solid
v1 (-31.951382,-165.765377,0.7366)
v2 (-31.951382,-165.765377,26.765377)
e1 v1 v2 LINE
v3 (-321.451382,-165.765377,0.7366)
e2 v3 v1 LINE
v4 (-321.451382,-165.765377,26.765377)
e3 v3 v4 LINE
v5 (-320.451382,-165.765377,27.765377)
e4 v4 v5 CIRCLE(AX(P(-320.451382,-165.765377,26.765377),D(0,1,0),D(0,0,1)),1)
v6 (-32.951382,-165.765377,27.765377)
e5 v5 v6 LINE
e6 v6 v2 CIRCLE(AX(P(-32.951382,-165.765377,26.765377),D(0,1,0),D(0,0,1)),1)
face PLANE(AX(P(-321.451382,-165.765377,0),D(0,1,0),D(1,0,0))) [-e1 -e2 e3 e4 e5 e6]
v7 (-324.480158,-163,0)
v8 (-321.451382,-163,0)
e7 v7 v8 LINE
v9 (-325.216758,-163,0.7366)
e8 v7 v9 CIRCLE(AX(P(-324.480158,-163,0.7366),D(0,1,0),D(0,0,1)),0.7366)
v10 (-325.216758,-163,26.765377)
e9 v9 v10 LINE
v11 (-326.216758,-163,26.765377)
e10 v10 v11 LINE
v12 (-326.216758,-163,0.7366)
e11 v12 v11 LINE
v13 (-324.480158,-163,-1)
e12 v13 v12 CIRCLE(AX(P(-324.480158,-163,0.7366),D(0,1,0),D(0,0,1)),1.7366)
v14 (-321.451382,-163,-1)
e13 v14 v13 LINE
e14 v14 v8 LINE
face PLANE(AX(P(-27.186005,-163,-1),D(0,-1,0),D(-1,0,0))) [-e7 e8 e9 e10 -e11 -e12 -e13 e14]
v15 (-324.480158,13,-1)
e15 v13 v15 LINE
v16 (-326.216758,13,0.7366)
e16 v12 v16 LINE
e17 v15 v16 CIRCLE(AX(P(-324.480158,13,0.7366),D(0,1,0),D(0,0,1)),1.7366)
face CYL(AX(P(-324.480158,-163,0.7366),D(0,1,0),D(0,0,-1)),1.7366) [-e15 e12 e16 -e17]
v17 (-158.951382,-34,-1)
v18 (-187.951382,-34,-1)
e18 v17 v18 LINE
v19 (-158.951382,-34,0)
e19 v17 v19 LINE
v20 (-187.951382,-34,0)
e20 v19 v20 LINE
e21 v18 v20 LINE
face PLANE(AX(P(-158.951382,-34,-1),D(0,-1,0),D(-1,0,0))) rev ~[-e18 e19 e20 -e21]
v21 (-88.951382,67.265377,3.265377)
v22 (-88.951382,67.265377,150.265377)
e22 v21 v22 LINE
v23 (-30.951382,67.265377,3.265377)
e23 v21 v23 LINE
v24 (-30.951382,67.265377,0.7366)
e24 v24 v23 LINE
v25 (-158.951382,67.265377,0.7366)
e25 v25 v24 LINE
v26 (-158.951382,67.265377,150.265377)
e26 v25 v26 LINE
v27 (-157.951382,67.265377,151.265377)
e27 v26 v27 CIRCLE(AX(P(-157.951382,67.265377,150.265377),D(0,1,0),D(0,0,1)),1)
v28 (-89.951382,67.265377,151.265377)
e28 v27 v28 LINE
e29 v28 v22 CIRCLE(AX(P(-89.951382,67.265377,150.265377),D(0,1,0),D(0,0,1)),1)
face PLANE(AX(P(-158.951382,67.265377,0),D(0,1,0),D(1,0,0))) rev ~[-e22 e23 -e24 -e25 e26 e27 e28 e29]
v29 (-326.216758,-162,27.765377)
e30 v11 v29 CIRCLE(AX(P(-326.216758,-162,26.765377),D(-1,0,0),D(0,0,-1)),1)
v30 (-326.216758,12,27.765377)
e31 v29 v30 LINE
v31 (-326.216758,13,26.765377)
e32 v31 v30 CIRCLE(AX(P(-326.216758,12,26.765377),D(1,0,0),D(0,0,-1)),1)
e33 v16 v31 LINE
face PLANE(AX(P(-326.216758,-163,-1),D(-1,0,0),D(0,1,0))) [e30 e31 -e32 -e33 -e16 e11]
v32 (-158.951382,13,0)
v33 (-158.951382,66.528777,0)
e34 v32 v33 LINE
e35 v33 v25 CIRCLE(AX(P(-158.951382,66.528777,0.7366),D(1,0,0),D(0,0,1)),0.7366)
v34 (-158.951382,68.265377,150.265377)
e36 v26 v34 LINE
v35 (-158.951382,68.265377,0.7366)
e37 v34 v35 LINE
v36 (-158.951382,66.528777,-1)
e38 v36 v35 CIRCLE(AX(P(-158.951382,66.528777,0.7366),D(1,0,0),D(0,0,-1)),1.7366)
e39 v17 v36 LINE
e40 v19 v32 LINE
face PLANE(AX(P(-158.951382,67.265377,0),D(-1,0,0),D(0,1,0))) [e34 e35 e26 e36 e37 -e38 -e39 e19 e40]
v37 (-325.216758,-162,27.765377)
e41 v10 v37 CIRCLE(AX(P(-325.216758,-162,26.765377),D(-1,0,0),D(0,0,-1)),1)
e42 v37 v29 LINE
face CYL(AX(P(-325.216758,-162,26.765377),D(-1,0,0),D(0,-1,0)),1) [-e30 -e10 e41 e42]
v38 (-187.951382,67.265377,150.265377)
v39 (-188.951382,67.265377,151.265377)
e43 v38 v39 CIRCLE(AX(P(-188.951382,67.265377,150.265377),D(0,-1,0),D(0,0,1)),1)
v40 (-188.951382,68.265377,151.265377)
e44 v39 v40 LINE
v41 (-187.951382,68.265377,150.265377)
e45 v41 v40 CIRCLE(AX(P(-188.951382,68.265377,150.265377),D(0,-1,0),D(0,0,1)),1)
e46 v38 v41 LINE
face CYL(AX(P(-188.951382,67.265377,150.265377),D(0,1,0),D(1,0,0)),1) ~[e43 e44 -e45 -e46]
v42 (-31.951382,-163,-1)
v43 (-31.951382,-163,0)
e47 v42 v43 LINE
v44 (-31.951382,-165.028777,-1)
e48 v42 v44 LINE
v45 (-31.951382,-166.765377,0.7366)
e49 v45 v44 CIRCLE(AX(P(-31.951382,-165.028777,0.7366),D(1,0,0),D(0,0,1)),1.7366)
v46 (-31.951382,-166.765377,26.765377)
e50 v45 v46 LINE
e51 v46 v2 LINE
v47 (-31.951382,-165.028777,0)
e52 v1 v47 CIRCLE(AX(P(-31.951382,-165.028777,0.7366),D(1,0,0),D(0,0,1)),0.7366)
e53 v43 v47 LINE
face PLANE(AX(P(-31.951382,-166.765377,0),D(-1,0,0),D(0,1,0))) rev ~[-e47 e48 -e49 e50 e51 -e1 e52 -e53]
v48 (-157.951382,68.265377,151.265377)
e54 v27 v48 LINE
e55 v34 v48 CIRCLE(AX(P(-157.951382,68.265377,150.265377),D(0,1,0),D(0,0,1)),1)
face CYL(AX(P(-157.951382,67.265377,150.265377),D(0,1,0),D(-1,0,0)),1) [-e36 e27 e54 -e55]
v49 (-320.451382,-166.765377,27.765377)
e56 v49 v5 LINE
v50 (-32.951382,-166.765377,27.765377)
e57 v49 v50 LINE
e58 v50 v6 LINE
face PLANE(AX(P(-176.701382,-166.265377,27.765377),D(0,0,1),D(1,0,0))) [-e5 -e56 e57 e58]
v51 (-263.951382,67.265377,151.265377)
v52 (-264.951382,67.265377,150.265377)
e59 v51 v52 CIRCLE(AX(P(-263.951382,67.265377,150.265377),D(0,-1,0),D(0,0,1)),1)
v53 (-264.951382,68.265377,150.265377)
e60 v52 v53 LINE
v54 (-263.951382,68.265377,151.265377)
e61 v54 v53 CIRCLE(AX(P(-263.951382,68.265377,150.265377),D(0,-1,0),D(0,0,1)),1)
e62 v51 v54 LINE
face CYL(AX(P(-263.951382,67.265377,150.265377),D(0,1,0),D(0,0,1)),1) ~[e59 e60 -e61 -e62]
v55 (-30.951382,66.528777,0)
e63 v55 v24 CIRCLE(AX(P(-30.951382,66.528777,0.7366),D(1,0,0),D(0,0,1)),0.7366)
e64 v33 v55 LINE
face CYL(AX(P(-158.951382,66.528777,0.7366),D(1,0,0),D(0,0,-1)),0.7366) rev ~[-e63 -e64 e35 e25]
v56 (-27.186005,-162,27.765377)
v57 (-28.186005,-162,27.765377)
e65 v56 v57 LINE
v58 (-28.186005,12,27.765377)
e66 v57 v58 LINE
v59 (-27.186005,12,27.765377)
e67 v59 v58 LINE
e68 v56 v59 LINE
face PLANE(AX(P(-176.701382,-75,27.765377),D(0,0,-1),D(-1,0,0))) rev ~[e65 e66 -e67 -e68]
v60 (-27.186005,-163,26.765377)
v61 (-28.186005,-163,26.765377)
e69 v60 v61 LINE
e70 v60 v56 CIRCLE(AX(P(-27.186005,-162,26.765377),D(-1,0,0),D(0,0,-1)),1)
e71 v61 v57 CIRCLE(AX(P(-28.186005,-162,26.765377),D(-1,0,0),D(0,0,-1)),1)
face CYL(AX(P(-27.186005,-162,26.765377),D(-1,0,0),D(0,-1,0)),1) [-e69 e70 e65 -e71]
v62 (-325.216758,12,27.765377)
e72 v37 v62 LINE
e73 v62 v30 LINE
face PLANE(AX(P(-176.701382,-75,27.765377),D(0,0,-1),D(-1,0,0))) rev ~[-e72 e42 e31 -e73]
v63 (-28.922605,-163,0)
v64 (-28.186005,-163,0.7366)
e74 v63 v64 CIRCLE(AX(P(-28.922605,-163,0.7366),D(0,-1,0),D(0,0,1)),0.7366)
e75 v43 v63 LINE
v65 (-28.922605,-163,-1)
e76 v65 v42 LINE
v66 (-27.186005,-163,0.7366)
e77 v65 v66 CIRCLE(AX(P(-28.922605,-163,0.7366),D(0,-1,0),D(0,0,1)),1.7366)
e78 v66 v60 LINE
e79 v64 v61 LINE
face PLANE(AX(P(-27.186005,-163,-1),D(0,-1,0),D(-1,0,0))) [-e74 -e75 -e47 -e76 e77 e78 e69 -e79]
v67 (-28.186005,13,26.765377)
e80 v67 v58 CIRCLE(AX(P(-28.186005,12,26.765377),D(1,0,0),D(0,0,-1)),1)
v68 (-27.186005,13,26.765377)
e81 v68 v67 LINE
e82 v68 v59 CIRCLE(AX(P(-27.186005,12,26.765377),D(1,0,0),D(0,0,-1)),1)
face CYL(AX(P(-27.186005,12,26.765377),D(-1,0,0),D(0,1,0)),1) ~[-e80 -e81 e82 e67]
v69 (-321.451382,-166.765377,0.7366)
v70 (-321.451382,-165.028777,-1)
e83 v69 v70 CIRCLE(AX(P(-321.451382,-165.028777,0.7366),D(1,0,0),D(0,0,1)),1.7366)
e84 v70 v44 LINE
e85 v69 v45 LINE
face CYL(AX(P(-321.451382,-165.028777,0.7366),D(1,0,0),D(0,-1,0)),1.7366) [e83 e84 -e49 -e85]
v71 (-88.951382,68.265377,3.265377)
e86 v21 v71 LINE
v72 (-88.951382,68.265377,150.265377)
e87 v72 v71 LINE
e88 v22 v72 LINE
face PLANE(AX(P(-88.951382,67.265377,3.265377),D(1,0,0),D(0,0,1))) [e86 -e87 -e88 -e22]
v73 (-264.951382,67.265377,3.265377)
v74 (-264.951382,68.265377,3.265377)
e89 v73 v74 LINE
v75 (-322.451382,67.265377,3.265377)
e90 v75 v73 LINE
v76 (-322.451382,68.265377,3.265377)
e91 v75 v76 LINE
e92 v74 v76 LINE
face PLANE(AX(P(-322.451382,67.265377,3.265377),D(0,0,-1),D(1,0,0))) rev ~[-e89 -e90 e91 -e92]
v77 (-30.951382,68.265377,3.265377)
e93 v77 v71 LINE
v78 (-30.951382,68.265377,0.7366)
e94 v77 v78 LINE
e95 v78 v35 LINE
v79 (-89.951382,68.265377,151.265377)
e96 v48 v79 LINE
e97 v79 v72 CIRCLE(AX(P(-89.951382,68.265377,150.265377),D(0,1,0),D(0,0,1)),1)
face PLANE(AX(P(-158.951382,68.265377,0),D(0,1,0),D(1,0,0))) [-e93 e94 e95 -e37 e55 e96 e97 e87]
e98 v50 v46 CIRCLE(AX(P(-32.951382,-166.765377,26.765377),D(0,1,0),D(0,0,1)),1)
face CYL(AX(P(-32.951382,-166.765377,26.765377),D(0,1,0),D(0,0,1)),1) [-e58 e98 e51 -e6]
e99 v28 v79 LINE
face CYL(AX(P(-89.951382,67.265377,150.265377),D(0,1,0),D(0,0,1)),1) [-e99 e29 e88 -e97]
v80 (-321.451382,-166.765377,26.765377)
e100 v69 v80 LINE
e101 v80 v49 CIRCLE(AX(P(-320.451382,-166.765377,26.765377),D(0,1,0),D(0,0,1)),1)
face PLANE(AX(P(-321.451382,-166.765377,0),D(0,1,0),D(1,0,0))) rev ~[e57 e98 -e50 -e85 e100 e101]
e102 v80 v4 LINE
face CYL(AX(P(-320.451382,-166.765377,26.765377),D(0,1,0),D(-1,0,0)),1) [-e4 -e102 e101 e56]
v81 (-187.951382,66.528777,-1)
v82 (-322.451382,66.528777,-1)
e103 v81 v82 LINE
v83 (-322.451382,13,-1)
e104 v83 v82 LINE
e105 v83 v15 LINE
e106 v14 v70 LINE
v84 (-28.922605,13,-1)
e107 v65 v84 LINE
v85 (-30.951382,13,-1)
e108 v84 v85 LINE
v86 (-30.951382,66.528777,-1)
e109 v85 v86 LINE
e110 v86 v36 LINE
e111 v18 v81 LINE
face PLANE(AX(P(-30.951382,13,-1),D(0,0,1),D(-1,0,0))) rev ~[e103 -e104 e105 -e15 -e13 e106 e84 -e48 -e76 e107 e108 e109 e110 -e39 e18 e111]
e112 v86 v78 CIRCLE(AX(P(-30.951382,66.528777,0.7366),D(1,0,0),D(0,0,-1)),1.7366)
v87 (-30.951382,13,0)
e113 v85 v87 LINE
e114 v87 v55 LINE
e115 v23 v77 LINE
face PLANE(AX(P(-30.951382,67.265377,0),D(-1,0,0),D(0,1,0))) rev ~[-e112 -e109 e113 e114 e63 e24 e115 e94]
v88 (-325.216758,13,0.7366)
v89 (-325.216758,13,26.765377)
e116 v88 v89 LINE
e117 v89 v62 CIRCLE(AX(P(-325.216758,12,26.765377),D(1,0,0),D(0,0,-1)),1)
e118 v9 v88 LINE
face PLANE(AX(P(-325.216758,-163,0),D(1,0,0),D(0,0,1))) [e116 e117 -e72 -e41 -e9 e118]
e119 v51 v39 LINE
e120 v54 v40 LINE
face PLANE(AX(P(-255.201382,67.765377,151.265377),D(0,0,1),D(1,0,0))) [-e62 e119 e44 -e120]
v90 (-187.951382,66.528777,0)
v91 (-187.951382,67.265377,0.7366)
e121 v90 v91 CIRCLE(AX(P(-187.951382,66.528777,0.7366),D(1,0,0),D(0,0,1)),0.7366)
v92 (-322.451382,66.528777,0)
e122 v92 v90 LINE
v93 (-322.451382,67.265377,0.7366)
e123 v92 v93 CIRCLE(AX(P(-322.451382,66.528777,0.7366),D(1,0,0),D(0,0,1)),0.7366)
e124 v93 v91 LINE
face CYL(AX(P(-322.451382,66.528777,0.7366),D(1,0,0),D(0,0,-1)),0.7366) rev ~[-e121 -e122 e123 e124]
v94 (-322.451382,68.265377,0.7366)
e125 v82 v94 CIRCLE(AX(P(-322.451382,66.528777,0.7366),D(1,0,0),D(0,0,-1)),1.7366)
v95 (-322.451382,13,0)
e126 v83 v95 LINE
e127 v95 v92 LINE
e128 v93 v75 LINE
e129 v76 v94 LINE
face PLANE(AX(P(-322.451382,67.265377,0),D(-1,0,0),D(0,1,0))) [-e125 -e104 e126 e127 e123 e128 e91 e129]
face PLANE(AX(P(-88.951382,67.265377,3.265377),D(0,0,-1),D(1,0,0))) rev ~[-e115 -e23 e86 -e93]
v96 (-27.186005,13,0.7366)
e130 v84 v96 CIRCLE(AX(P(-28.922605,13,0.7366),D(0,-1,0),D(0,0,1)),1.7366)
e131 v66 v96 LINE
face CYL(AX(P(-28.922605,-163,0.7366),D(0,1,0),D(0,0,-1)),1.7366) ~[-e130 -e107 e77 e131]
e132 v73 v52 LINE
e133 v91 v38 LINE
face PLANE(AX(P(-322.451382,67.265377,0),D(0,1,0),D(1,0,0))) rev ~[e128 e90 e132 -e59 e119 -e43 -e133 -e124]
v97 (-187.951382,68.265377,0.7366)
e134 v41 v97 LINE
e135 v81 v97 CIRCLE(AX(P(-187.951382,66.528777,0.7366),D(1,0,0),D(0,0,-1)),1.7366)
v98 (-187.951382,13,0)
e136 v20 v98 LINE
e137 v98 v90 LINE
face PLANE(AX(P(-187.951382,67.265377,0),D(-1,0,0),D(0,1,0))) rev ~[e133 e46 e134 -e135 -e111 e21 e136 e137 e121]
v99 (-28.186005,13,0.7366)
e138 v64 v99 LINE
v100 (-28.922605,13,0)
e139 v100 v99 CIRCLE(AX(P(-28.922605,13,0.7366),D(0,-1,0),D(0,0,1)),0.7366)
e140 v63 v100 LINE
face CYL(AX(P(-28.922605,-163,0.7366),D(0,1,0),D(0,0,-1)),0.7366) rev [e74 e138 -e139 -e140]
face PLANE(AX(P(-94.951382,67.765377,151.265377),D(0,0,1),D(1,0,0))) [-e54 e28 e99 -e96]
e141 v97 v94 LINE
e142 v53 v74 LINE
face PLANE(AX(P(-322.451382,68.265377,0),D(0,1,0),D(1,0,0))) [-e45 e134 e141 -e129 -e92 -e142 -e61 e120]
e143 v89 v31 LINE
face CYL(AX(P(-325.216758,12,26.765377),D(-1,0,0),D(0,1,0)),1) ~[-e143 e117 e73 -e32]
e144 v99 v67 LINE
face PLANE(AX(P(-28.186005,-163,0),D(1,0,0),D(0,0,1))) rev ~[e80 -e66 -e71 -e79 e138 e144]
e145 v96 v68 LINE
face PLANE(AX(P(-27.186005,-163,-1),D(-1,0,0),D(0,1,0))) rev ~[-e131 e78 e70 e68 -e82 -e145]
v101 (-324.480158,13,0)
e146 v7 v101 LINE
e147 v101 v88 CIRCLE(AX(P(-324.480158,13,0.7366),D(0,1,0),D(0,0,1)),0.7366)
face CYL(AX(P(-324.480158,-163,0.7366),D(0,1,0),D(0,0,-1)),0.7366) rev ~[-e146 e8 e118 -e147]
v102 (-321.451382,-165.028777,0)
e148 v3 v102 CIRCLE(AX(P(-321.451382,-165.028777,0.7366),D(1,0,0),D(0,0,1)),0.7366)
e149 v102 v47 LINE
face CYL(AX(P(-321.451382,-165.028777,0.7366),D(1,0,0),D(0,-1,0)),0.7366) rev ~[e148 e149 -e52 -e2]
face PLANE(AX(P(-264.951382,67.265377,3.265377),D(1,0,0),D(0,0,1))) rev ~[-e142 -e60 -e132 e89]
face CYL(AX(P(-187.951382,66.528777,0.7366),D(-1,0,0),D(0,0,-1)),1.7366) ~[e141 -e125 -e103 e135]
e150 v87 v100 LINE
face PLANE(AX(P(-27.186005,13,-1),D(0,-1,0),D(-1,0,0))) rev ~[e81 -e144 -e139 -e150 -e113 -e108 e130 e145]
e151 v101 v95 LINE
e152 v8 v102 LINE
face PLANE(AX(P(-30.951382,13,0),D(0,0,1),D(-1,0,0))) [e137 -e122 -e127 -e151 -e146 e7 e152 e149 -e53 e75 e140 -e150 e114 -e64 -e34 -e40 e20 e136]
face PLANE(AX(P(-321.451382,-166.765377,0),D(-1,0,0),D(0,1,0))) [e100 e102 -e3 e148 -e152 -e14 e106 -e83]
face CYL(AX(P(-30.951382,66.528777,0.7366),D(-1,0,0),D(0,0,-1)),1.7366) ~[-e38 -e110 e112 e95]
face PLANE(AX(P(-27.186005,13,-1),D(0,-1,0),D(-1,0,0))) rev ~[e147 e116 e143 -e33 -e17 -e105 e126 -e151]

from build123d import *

# Parameters (mm, degrees)
SKETCH1_W           = 299.030753262
SKETCH1_H           = 176
BOSS_EXTRUDE1_DEPTH = 28.765376631
SKETCH2_W           = 297.030753262
SKETCH2_H           = 27.765376631
CUT_EXTRUDE1_DEPTH  = 372.704572948
SKETCH3_W           = 29
SKETCH3_H           = 47
CUT_EXTRUDE2_DEPTH  = 366.805713875
SKETCH4_W           = 134.5
SKETCH4_H           = 1
BOSS_EXTRUDE2_DEPTH = 55.265376631
SKETCH5_W           = 134.5
SKETCH5_H           = 1
BOSS_EXTRUDE3_DEPTH = 151.265376631
SKETCH6_W           = 128
SKETCH6_H           = 1
BOSS_EXTRUDE4_DEPTH = 55.265376631
SKETCH7_W           = 128
SKETCH7_H           = 1
BOSS_EXTRUDE5_DEPTH = 151.265376631
SKETCH8_W           = 289.5
SKETCH8_H           = 1
BOSS_EXTRUDE6_DEPTH = 3.765376631
SKETCH9_W           = 289.5
SKETCH9_H           = 1
BOSS_EXTRUDE7_DEPTH = 27.765376631
SKETCH10_W          = 57.5
SKETCH10_H          = 148
CUT_EXTRUDE3_DEPTH  = 430.032610708
SKETCH11_W          = 58
SKETCH11_H          = 148
CUT_EXTRUDE4_DEPTH  = 430.032610708
FILLET1_R           = 0.7366
FILLET2_R           = 1
FILLET3_R           = 1.7366


with BuildPart() as part:
    # Sketch1 → Boss-Extrude1 (new body)
    with BuildSketch(Plane(origin=(0, 0, -1), x_dir=(-1, 0, 0), z_dir=(0, 0, -1))):
        with Locations((176.701381692, -75)):
            Rectangle(SKETCH1_W, SKETCH1_H)
    extrude(amount=-BOSS_EXTRUDE1_DEPTH)

    # Sketch2 → Cut-Extrude1 (cut, through all)
    with BuildSketch(Plane.XZ.offset(163)):
        with Locations((-176.701381692, 13.882688316)):
            Rectangle(SKETCH2_W, SKETCH2_H)
    extrude(amount=-CUT_EXTRUDE1_DEPTH, mode=Mode.SUBTRACT)

    # Sketch3 → Cut-Extrude2 (cut, through all)
    with BuildSketch(Plane(origin=(0, 0, -1), x_dir=(-1, 0, 0), z_dir=(0, 0, -1))):
        with Locations((173.451381692, -10.5)):
            Rectangle(SKETCH3_W, SKETCH3_H)
    extrude(amount=-CUT_EXTRUDE2_DEPTH, mode=Mode.SUBTRACT)

    # Sketch4 → Boss-Extrude2 (add)
    with BuildSketch(Plane(origin=(0, 13, 0), x_dir=(-1, 0, 0), z_dir=(0, 1, 0))):
        with Locations((255.201381692, -0.5)):
            Rectangle(SKETCH4_W, SKETCH4_H)
    extrude(amount=BOSS_EXTRUDE2_DEPTH)

    # Sketch5 → Boss-Extrude3 (add)
    with BuildSketch(Plane.XY):
        with Locations((-255.201381692, 67.765376631)):
            Rectangle(SKETCH5_W, SKETCH5_H)
    extrude(amount=BOSS_EXTRUDE3_DEPTH)

    # Sketch6 → Boss-Extrude4 (add)
    with BuildSketch(Plane(origin=(0, 13, 0), x_dir=(-1, 0, 0), z_dir=(0, 1, 0))):
        with Locations((94.951381692, -0.5)):
            Rectangle(SKETCH6_W, SKETCH6_H)
    extrude(amount=BOSS_EXTRUDE4_DEPTH)

    # Sketch7 → Boss-Extrude5 (add)
    with BuildSketch(Plane.XY):
        with Locations((-94.951381692, 67.765376631)):
            Rectangle(SKETCH7_W, SKETCH7_H)
    extrude(amount=BOSS_EXTRUDE5_DEPTH)

    # Sketch8 → Boss-Extrude6 (add)
    with BuildSketch(Plane.XZ.offset(163)):
        with Locations((-176.701381692, -0.5)):
            Rectangle(SKETCH8_W, SKETCH8_H)
    extrude(amount=BOSS_EXTRUDE6_DEPTH)

    # Sketch9 → Boss-Extrude7 (add)
    with BuildSketch(Plane.XY):
        with Locations((-176.701381692, -166.265376631)):
            Rectangle(SKETCH9_W, SKETCH9_H)
    extrude(amount=BOSS_EXTRUDE7_DEPTH)

    # Sketch10 → Cut-Extrude3 (cut, through all)
    with BuildSketch(Plane.XZ.offset(-67.265376631)):
        with Locations((-293.701381692, 77.265376631)):
            Rectangle(SKETCH10_W, SKETCH10_H)
    extrude(amount=-CUT_EXTRUDE3_DEPTH, mode=Mode.SUBTRACT)

    # Sketch11 → Cut-Extrude4 (cut, through all)
    with BuildSketch(Plane.XZ.offset(-67.265376631)):
        with Locations((-59.951381692, 77.265376631)):
            Rectangle(SKETCH11_W, SKETCH11_H)
    extrude(amount=-CUT_EXTRUDE4_DEPTH, mode=Mode.SUBTRACT)

    # Fillet1
    fillet1_edges = [part.edges().sort_by_distance(p)[0] for p in [
        (-176.701381692, -165.765376631, 0),
        (-28.186005061, -75, 0),
        (-325.216758323, -75, 0),
        (-255.201381692, 67.265376631, 0),
        (-94.951381692, 67.265376631, 0),
    ]]
    fillet(fillet1_edges, radius=FILLET1_R)

    # Fillet2
    fillet2_edges = [part.edges().sort_by_distance(p)[0] for p in [
        (-325.716758323, 13, 27.765376631),
        (-321.451381692, -166.265376631, 27.765376631),
        (-31.951381692, -166.265376631, 27.765376631),
        (-264.951381692, 67.765376631, 151.265376631),
        (-325.716758323, -163, 27.765376631),
        (-27.686005061, 13, 27.765376631),
        (-88.951381692, 67.765376631, 151.265376631),
        (-27.686005061, -163, 27.765376631),
        (-187.951381692, 67.765376631, 151.265376631),
        (-158.951381692, 67.765376631, 151.265376631),
    ]]
    fillet(fillet2_edges, radius=FILLET2_R)

    # Fillet3
    fillet3_edges = [part.edges().sort_by_distance(p)[0] for p in [
        (-176.701381692, -166.765376631, -1),
        (-27.186005061, -75, -1),
        (-255.201381692, 68.265376631, -1),
        (-326.216758323, -75, -1),
        (-94.951381692, 68.265376631, -1),
    ]]
    fillet(fillet3_edges, radius=FILLET3_R)


solid = part.part
